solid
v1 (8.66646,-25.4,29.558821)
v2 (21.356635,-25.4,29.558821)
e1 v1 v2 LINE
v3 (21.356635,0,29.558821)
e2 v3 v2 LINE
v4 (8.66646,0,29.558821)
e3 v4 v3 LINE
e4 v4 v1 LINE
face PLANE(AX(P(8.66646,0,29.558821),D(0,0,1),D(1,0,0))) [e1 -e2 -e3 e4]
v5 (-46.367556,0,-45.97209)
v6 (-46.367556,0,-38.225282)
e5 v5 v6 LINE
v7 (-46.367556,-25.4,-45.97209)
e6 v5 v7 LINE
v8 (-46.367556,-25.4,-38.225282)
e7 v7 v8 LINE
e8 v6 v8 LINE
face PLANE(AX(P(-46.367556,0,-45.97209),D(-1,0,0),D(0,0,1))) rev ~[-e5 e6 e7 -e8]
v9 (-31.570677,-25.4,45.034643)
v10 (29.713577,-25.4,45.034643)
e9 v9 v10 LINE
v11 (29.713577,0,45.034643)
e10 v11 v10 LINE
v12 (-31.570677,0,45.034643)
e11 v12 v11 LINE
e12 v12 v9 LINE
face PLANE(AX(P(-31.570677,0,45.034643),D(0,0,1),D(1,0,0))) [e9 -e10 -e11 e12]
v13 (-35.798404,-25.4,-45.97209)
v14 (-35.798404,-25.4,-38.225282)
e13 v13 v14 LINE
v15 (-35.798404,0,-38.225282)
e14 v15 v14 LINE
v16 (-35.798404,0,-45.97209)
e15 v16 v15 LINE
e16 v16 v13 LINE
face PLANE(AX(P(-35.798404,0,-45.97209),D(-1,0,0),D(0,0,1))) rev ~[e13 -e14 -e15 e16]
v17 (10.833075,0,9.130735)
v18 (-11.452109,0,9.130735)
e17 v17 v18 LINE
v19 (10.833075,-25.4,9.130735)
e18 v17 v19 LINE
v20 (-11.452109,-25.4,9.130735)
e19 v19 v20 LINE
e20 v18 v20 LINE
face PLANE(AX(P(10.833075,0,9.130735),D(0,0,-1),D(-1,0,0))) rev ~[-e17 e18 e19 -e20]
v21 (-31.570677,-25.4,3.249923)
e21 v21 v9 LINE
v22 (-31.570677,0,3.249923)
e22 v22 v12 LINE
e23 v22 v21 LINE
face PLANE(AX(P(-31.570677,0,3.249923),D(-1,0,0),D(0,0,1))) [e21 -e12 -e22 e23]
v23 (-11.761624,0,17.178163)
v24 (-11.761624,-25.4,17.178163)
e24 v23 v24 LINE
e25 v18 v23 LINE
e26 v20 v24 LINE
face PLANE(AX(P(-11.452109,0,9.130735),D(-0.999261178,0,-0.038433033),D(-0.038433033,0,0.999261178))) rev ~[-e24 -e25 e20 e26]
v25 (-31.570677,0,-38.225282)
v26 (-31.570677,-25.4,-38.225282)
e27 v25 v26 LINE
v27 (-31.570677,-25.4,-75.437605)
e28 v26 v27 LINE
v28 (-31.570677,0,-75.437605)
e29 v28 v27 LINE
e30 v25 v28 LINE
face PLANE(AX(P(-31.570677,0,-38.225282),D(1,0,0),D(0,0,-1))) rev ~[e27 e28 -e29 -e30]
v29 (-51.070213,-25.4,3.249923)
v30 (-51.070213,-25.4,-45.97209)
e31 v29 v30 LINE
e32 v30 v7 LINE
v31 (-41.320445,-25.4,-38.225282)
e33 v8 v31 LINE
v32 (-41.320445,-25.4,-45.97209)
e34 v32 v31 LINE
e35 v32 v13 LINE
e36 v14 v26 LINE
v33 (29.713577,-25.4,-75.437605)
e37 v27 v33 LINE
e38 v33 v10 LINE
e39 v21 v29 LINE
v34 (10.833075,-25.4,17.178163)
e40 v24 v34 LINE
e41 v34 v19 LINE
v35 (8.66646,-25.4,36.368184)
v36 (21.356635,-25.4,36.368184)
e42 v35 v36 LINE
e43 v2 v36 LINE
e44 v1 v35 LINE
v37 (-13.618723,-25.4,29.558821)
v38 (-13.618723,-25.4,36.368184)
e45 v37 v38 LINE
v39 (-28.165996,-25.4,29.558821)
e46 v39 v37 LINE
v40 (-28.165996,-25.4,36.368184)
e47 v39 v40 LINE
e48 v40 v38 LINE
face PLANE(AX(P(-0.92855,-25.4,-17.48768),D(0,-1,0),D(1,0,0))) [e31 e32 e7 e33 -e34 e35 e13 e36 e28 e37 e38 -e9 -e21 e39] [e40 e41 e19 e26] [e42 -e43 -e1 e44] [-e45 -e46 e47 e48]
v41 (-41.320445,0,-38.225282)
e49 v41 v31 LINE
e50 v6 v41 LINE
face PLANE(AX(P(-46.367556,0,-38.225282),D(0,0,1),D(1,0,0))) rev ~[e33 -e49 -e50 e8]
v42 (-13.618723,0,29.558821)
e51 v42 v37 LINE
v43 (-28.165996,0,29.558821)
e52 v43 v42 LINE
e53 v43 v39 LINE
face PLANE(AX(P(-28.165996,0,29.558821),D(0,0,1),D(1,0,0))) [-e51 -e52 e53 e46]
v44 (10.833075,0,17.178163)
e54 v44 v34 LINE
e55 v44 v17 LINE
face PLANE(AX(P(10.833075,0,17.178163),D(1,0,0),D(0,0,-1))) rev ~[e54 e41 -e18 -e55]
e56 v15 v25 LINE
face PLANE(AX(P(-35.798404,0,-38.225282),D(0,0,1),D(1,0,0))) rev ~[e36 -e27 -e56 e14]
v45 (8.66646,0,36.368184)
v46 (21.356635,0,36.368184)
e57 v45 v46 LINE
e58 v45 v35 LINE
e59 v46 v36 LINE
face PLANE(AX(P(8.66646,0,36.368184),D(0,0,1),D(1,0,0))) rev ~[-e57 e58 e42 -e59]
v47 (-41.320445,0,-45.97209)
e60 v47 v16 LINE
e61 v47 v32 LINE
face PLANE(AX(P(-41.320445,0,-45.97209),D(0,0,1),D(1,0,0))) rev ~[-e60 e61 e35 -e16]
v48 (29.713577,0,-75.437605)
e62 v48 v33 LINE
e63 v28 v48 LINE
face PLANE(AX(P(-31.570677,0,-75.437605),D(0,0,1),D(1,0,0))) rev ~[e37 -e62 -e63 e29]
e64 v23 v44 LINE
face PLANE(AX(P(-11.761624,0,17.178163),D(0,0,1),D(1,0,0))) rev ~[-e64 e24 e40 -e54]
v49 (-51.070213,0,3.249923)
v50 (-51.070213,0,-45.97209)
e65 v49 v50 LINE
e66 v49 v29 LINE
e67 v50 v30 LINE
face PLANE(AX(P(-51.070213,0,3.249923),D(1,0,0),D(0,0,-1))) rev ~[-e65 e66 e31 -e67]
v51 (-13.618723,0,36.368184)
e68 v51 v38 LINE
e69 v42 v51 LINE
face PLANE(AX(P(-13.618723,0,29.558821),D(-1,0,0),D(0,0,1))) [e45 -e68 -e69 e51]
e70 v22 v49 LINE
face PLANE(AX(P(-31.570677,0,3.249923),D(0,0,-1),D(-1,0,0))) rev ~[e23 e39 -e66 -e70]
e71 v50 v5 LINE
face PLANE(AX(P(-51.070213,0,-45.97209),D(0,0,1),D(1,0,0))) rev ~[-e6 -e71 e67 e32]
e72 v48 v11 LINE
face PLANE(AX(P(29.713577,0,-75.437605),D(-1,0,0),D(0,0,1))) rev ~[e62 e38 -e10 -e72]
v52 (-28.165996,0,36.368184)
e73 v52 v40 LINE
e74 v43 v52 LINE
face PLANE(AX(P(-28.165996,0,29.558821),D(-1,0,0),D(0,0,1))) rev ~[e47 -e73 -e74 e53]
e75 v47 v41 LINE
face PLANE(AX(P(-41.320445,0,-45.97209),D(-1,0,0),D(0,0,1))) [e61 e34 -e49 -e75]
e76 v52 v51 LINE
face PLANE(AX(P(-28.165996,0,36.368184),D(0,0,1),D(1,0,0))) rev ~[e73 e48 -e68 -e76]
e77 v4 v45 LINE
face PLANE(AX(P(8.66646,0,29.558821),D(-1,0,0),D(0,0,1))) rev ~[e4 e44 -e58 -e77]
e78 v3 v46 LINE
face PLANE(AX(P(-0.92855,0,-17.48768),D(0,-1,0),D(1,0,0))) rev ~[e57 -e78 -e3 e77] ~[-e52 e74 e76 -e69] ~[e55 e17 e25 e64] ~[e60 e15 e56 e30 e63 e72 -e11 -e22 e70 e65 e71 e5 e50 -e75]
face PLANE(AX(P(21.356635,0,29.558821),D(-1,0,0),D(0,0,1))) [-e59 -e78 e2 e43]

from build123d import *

# Parameters (mm, degrees)
F0_W     = 31.5706767142
F0_H     = 27.2374488413
F0_H_2   = 9.9748745561
F0_W_2   = 61.2842533737
F0_H_3   = 41.7847204953
F0_W_3   = 14.5472735167
F0_H_4   = 6.8093631417
F0_W_4   = 12.6901743934
F0_W_5   = 4.7026574612
F0_H_5   = 7.7468082309
F0_W_6   = 5.5220406502
F1_DEPTH = 25.4


with BuildPart() as f1:
    # F0 (on Front) → F1 (new body)
    with BuildSketch(Plane.XZ):
        Polygon((29.7135766596, -38.2252819836), (29.7135766596, 3.2499227673), (-31.5706767142, 3.2499227673), (-31.5706767142, -38.2252819836), (0, -38.2252819836), align=None)
        Polygon((-31.5706767142, -38.2252819836), (-31.5706767142, 3.2499227673), (-51.0702133179, 3.2499227673), (-51.0702133179, -38.2252819836), (-46.3675558567, -38.2252819836), (-41.320445016, -38.2252819836), (-35.7984043658, -38.2252819836), align=None)
        Polygon((29.7135766596, -65.4627308249), (29.7135766596, -38.2252819836), (0, -38.2252819836), (0, -65.4627308249), (2.1666167304, -65.4627308249), align=None)
        with Locations((-15.7853383571, -51.8440064043)):
            Rectangle(F0_W, F0_H)
        Polygon((29.7135766596, -75.437605381), (29.7135766596, -65.4627308249), (2.1666167304, -65.4627308249), (0, -65.4627308249), (0, -75.437605381), align=None)
        with Locations((-15.7853383571, -70.450168103)):
            Rectangle(F0_W, F0_H_2)
        with Locations((-0.9285500273, 24.142283015)):
            Rectangle(F0_W_2, F0_H_3)
        with Locations((-20.8923593163, 32.9635022208)):
            Rectangle(F0_W_3, F0_H_4, mode=Mode.SUBTRACT)
        Polygon((-11.4521086216, 9.1307349503), (-11.761624366, 17.1781629324), (-7.1188774891, 17.1781629324), (-3.7141975481, 17.1781629324), (0, 17.1781629324), (5.2617802285, 17.1781629324), (10.8330752701, 17.1781629324), (10.8330752701, 9.1307349503), (5.2617802285, 9.1307349503), (0, 9.1307349503), (-3.7141975481, 9.1307349503), (-7.1188774891, 9.1307349503), align=None, mode=Mode.SUBTRACT)
        with Locations((15.011547599, 32.9635022208)):
            Rectangle(F0_W_4, F0_H_4, mode=Mode.SUBTRACT)
        with Locations((-48.7188845873, -42.0986860991)):
            Rectangle(F0_W_5, F0_H_5)
        with Locations((-38.5594246909, -42.0986860991)):
            Rectangle(F0_W_6, F0_H_5)
    extrude(amount=F1_DEPTH)


solid = f1.part
